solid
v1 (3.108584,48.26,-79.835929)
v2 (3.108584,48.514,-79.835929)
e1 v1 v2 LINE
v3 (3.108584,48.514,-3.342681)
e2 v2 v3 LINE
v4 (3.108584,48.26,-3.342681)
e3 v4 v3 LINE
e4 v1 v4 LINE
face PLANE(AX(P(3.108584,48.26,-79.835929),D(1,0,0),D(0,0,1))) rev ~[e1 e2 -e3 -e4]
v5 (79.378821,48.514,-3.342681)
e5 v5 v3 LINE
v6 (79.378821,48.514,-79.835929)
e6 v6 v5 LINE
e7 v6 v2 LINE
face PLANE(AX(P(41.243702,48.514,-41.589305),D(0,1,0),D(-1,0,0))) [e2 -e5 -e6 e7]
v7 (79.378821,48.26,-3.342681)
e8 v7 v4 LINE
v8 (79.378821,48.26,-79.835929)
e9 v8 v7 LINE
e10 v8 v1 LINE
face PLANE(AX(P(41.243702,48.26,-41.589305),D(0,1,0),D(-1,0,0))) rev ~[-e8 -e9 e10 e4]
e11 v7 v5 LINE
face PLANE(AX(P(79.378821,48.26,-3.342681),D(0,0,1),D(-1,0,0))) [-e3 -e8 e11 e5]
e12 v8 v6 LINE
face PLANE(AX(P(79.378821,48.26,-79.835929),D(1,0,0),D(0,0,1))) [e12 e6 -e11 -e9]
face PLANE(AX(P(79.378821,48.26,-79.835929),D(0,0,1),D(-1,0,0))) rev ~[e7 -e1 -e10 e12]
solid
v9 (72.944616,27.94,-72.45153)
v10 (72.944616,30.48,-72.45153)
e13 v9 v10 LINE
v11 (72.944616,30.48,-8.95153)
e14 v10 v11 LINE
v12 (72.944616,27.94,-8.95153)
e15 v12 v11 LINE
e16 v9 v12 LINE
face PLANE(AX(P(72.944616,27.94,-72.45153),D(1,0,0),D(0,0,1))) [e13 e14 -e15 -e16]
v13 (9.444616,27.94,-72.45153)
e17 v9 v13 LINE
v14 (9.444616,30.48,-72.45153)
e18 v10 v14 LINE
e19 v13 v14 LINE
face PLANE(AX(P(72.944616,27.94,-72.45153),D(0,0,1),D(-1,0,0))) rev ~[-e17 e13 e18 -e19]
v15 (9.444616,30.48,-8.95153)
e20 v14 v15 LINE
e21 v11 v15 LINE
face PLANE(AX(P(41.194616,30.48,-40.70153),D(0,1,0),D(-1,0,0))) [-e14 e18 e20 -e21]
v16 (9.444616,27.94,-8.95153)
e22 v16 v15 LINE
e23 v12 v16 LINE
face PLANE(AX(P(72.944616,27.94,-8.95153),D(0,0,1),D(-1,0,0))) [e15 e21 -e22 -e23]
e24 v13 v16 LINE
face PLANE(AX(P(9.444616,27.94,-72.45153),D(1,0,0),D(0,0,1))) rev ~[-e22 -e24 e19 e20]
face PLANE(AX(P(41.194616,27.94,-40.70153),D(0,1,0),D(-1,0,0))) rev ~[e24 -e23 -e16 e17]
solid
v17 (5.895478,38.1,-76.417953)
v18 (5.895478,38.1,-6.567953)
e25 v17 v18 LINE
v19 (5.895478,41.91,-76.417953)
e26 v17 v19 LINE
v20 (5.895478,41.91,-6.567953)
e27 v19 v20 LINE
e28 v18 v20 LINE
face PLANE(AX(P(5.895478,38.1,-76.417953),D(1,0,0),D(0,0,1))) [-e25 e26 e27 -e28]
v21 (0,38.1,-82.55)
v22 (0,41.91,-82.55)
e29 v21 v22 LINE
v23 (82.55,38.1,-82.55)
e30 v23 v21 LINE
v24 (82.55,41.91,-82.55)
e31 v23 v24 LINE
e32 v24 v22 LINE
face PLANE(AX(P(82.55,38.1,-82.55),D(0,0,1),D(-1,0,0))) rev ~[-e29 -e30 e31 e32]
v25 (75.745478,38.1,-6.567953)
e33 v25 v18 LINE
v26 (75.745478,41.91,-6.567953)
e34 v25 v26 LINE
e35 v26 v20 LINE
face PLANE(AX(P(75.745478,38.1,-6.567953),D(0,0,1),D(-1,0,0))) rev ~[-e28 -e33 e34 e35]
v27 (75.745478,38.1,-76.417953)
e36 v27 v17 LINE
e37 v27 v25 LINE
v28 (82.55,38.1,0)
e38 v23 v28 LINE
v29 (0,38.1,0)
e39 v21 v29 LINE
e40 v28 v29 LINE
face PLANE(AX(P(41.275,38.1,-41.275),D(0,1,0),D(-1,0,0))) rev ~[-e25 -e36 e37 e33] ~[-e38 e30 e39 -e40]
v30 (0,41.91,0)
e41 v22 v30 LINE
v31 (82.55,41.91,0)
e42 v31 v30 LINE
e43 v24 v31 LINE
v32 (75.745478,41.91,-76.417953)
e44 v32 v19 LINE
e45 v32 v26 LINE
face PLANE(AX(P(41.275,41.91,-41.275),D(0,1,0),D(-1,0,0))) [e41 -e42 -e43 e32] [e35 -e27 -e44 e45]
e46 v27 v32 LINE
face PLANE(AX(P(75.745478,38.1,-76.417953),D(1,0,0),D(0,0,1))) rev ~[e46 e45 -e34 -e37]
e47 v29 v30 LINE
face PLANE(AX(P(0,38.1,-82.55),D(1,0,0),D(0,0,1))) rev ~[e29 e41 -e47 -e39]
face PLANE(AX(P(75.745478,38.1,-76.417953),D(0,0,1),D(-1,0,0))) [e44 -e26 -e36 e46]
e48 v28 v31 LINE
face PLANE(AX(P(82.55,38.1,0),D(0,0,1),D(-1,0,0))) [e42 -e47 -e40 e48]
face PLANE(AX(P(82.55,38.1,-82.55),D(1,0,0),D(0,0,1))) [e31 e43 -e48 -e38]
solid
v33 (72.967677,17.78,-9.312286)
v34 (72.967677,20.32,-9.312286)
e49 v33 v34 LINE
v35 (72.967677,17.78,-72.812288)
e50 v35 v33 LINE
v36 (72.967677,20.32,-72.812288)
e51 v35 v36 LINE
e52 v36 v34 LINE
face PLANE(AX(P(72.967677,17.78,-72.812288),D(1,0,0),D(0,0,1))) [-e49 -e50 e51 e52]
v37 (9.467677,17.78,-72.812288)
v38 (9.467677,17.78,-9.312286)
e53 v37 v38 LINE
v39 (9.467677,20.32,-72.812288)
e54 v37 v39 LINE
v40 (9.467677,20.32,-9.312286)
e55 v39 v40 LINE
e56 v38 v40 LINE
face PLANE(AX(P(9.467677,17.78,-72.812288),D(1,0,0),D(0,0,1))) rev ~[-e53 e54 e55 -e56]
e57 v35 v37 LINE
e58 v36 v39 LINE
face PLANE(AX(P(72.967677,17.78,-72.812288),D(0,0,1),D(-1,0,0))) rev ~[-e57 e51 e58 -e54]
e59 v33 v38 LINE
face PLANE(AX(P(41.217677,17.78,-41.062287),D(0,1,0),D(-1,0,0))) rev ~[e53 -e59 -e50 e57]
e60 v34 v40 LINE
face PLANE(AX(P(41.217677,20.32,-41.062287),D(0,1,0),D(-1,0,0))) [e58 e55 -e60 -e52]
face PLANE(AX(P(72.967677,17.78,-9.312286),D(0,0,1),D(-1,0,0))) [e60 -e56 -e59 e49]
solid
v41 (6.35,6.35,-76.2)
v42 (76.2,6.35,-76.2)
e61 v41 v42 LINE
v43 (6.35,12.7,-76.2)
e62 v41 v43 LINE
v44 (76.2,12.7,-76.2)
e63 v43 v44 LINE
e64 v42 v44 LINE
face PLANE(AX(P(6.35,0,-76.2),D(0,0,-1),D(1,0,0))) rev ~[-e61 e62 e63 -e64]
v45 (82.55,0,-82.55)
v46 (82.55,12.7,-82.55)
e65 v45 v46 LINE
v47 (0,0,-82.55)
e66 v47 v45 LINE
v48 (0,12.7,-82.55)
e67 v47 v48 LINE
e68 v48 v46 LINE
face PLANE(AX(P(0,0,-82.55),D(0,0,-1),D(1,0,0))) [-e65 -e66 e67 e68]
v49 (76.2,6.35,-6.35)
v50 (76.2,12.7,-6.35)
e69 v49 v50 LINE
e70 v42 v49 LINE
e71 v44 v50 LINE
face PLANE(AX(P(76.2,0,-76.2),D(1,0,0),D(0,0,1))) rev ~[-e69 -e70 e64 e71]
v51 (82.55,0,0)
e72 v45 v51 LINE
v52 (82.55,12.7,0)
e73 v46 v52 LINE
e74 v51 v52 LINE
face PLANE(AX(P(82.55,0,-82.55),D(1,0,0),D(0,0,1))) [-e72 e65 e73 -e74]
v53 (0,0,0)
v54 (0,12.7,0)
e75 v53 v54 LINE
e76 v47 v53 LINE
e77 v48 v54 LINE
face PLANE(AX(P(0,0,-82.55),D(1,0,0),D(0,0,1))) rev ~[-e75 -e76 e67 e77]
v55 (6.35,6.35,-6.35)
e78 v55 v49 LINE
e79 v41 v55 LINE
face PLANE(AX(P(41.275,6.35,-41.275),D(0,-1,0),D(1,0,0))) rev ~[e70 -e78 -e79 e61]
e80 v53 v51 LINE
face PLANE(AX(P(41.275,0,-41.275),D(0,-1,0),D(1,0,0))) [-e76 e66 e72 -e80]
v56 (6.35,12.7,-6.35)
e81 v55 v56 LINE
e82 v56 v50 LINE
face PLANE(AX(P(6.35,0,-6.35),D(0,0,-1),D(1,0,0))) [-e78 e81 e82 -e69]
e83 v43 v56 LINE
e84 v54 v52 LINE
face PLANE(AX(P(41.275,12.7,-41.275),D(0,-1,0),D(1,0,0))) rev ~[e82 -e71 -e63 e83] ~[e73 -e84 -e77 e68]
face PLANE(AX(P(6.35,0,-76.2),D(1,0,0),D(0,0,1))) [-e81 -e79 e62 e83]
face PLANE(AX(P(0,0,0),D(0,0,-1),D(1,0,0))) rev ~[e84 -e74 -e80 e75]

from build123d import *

# Parameters (mm, degrees)
F0_W      = 69.85
F0_H      = 69.85
F1_DEPTH  = 6.35
F0_W_2    = 82.55
F0_H_2    = 82.55
F2_DEPTH  = 12.7
F4_W      = 63.5
F4_H      = 63.5000017857
F5_DEPTH  = 2.54
F7_W      = 63.5
F7_H      = 63.5
F8_DEPTH  = 2.54
F10_W     = 82.55
F10_H     = 82.55
F10_W_2   = 69.85
F10_H_2   = 69.85
F11_DEPTH = 3.81
F13_W     = 76.2702370994
F13_H     = 76.493247645
F14_DEPTH = 0.254


with BuildPart() as f1:
    # F0 (on Front) → F1 (new body)
    with BuildSketch(Plane.XZ):
        with Locations((41.275, -41.275)):
            Rectangle(F0_W, F0_H)
    extrude(amount=-F1_DEPTH)

    # F0 (on Front) → F2 (join)
    with BuildSketch(Plane.XZ):
        with Locations((41.275, -41.275)):
            Rectangle(F0_W_2, F0_H_2)
        with Locations((41.275, -41.275)):
            Rectangle(F0_W, F0_H, mode=Mode.SUBTRACT)
    extrude(amount=-F2_DEPTH)


with BuildPart() as f5:
    # F4 (on offset) → F5 (new body)
    with BuildSketch(Plane(origin=(0, 17.78, 0), x_dir=(-1, 0, 0), z_dir=(0, 1, 0))):
        with Locations((-41.2176772952, -41.062287055)):
            Rectangle(F4_W, F4_H)
    extrude(amount=F5_DEPTH)


with BuildPart() as f8:
    # F7 (on offset) → F8 (new body)
    with BuildSketch(Plane(origin=(0, 27.94, 0), x_dir=(-1, 0, 0), z_dir=(0, 1, 0))):
        with Locations((-41.1946158856, -40.7015295091)):
            Rectangle(F7_W, F7_H)
    extrude(amount=F8_DEPTH)


with BuildPart() as f11:
    # F10 (on offset) → F11 (new body)
    with BuildSketch(Plane(origin=(0, 38.1, 0), x_dir=(-1, 0, 0), z_dir=(0, 1, 0))):
        with Locations((-41.275, -41.275)):
            Rectangle(F10_W, F10_H)
        with Locations((-40.8204782724, -41.492952776)):
            Rectangle(F10_W_2, F10_H_2, mode=Mode.SUBTRACT)
    extrude(amount=F11_DEPTH)


with BuildPart() as f14:
    # F13 (on offset) → F14 (new body)
    with BuildSketch(Plane(origin=(0, 48.26, 0), x_dir=(-1, 0, 0), z_dir=(0, 1, 0))):
        with Locations((-41.2437024061, -41.589305154)):
            Rectangle(F13_W, F13_H)
    extrude(amount=F14_DEPTH)


solid = Compound([f1.part, f5.part, f8.part, f11.part, f14.part])
